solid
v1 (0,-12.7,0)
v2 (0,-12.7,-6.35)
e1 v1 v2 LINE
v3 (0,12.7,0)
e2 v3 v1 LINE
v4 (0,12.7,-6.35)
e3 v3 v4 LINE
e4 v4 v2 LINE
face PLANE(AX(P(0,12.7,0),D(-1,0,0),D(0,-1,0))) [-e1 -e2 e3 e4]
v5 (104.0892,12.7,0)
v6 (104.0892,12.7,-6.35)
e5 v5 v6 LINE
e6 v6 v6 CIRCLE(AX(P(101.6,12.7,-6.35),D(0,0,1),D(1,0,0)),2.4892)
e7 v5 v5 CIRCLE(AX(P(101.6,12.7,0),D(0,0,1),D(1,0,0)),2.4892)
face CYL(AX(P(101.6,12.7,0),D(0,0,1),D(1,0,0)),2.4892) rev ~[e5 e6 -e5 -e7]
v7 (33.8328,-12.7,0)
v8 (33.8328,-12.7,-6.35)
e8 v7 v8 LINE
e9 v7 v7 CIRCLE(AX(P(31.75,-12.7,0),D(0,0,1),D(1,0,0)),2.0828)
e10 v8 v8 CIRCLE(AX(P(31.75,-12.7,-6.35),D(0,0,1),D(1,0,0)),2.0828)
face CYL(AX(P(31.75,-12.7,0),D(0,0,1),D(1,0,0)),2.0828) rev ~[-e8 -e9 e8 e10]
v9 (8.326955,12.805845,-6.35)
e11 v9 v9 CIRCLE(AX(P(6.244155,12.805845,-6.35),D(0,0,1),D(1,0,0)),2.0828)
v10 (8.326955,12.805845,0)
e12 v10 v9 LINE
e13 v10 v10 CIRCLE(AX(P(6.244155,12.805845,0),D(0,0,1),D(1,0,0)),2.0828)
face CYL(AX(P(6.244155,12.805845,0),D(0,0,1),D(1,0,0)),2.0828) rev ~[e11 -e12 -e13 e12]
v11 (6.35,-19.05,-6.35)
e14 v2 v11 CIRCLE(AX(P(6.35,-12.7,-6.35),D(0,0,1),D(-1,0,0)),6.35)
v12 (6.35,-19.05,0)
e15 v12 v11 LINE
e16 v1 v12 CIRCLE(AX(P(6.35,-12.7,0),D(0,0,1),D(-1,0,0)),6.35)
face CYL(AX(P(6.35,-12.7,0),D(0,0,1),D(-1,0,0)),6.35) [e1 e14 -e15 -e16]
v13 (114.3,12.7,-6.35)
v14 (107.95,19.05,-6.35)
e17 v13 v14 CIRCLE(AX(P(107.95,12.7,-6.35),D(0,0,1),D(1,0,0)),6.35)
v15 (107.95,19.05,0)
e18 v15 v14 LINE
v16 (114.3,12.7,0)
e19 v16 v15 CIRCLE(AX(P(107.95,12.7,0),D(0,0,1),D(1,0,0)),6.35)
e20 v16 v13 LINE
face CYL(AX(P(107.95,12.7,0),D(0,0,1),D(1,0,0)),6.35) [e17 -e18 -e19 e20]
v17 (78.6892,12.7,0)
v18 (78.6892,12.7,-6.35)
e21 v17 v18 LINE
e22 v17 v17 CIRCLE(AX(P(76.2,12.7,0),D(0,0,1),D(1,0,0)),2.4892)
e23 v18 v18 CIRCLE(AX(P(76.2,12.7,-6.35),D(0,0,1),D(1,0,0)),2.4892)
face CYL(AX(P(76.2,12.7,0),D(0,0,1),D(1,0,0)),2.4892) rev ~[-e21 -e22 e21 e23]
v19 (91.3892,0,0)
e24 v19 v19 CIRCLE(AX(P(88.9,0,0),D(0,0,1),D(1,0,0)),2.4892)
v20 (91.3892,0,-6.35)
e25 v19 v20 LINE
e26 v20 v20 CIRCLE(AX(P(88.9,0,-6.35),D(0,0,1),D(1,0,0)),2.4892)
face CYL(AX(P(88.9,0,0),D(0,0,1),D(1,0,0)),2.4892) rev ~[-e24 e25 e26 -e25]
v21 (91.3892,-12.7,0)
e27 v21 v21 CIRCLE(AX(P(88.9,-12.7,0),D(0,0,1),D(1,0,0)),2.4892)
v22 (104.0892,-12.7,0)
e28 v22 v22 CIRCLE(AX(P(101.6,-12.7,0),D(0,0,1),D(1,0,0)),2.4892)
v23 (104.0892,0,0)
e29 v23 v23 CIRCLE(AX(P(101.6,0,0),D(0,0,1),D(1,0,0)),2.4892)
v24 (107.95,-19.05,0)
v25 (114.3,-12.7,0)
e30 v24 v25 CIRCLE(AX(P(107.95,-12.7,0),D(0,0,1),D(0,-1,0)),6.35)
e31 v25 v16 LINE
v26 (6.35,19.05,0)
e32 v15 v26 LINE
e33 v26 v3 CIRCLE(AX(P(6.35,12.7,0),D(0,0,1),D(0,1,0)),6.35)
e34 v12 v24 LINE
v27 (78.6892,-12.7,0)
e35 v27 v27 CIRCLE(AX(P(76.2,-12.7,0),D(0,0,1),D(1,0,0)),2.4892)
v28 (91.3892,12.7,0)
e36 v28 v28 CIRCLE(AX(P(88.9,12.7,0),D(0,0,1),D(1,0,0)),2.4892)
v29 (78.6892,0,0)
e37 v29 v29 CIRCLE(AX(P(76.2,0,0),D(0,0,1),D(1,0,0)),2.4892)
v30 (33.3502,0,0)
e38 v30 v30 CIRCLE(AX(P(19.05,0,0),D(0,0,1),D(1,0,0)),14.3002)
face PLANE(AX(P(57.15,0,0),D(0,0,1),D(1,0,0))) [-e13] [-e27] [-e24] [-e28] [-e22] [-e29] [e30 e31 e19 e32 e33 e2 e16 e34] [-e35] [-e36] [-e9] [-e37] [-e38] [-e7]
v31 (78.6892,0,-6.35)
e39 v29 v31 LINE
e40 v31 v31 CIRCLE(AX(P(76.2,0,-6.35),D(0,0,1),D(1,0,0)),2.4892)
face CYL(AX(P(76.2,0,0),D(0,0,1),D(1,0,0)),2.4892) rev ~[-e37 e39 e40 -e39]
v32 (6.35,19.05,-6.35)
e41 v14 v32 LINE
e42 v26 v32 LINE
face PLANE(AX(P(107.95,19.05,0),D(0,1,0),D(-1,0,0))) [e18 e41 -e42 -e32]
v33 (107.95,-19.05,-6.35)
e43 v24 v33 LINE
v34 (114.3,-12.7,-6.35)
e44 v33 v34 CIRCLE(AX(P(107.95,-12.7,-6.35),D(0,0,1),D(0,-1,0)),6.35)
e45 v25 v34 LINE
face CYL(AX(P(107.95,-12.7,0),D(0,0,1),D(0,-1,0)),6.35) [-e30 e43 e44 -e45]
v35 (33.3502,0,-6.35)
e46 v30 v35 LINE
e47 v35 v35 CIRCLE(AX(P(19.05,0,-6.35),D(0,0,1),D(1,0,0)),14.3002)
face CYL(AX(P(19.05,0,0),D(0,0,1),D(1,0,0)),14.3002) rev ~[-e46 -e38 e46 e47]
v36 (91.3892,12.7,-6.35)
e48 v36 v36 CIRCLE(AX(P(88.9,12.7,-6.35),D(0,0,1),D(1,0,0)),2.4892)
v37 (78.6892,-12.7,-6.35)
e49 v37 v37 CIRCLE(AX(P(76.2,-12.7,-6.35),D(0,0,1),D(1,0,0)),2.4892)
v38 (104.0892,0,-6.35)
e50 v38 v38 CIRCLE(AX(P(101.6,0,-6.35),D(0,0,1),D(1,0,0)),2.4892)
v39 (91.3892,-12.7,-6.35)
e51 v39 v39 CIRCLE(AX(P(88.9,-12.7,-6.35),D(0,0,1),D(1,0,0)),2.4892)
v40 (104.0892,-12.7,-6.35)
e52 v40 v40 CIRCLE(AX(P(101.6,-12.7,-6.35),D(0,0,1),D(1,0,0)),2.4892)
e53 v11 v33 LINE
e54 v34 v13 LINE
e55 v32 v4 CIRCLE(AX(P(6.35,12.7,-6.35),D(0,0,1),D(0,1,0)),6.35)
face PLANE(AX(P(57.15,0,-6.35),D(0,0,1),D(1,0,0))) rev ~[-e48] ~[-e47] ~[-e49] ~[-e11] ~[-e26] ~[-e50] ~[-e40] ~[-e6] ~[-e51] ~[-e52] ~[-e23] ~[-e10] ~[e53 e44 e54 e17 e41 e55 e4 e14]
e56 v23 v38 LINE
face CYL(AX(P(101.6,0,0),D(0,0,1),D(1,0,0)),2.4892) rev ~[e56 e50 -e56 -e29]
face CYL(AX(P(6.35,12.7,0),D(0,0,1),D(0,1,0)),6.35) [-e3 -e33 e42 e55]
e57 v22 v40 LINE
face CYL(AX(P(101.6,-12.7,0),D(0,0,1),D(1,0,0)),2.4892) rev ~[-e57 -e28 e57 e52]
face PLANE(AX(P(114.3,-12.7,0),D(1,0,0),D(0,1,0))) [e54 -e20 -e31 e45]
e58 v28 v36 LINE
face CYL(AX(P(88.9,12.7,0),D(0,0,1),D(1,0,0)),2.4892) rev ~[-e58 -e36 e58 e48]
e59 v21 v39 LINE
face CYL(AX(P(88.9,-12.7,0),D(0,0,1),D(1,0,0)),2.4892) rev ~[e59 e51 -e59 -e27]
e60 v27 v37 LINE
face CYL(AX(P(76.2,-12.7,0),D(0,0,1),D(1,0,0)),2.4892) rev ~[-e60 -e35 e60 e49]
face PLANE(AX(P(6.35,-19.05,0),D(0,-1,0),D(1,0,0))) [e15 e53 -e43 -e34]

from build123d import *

# Parameters (mm, degrees)
SKETCH1_R           = 14.3002
SKETCH1_R_2         = 2.0828
SKETCH1_R_3         = 2.4892
BOSS_EXTRUDE1_DEPTH = 6.35


with BuildPart() as part:
    # Sketch1 → Boss-Extrude1 (new body)
    with BuildSketch(Plane.XY):
        with BuildLine():
            Line((114.3, -12.7), (114.3, 12.7))
            ThreePointArc((114.3, 12.7), (112.440128061, 17.190128061), (107.95, 19.05))
            Line((107.95, 19.05), (6.35, 19.05))
            ThreePointArc((6.35, 19.05), (1.859871939, 17.190128061), (0, 12.7))
            Line((0, 12.7), (0, -12.7))
            ThreePointArc((0, -12.7), (1.859871939, -17.190128061), (6.35, -19.05))
            Line((6.35, -19.05), (107.95, -19.05))
            ThreePointArc((107.95, -19.05), (112.440128061, -17.190128061), (114.3, -12.7))
        make_face()
        with Locations((19.05, 0)):
            Circle(SKETCH1_R, mode=Mode.SUBTRACT)
        with Locations((6.244154771, 12.805845229)):
            Circle(SKETCH1_R_2, mode=Mode.SUBTRACT)
        with Locations((31.75, -12.7)):
            Circle(SKETCH1_R_2, mode=Mode.SUBTRACT)
        with Locations((88.9, 12.7)):
            Circle(SKETCH1_R_3, mode=Mode.SUBTRACT)
        with Locations((101.6, 12.7)):
            Circle(SKETCH1_R_3, mode=Mode.SUBTRACT)
        with Locations((88.9, 0)):
            Circle(SKETCH1_R_3, mode=Mode.SUBTRACT)
        with Locations((101.6, 0)):
            Circle(SKETCH1_R_3, mode=Mode.SUBTRACT)
        with Locations((88.9, -12.7)):
            Circle(SKETCH1_R_3, mode=Mode.SUBTRACT)
        with Locations((76.2, 12.7)):
            Circle(SKETCH1_R_3, mode=Mode.SUBTRACT)
        with Locations((101.6, -12.7)):
            Circle(SKETCH1_R_3, mode=Mode.SUBTRACT)
        with Locations((76.2, 0)):
            Circle(SKETCH1_R_3, mode=Mode.SUBTRACT)
        with Locations((76.2, -12.7)):
            Circle(SKETCH1_R_3, mode=Mode.SUBTRACT)
    extrude(amount=-BOSS_EXTRUDE1_DEPTH)


solid = part.part
